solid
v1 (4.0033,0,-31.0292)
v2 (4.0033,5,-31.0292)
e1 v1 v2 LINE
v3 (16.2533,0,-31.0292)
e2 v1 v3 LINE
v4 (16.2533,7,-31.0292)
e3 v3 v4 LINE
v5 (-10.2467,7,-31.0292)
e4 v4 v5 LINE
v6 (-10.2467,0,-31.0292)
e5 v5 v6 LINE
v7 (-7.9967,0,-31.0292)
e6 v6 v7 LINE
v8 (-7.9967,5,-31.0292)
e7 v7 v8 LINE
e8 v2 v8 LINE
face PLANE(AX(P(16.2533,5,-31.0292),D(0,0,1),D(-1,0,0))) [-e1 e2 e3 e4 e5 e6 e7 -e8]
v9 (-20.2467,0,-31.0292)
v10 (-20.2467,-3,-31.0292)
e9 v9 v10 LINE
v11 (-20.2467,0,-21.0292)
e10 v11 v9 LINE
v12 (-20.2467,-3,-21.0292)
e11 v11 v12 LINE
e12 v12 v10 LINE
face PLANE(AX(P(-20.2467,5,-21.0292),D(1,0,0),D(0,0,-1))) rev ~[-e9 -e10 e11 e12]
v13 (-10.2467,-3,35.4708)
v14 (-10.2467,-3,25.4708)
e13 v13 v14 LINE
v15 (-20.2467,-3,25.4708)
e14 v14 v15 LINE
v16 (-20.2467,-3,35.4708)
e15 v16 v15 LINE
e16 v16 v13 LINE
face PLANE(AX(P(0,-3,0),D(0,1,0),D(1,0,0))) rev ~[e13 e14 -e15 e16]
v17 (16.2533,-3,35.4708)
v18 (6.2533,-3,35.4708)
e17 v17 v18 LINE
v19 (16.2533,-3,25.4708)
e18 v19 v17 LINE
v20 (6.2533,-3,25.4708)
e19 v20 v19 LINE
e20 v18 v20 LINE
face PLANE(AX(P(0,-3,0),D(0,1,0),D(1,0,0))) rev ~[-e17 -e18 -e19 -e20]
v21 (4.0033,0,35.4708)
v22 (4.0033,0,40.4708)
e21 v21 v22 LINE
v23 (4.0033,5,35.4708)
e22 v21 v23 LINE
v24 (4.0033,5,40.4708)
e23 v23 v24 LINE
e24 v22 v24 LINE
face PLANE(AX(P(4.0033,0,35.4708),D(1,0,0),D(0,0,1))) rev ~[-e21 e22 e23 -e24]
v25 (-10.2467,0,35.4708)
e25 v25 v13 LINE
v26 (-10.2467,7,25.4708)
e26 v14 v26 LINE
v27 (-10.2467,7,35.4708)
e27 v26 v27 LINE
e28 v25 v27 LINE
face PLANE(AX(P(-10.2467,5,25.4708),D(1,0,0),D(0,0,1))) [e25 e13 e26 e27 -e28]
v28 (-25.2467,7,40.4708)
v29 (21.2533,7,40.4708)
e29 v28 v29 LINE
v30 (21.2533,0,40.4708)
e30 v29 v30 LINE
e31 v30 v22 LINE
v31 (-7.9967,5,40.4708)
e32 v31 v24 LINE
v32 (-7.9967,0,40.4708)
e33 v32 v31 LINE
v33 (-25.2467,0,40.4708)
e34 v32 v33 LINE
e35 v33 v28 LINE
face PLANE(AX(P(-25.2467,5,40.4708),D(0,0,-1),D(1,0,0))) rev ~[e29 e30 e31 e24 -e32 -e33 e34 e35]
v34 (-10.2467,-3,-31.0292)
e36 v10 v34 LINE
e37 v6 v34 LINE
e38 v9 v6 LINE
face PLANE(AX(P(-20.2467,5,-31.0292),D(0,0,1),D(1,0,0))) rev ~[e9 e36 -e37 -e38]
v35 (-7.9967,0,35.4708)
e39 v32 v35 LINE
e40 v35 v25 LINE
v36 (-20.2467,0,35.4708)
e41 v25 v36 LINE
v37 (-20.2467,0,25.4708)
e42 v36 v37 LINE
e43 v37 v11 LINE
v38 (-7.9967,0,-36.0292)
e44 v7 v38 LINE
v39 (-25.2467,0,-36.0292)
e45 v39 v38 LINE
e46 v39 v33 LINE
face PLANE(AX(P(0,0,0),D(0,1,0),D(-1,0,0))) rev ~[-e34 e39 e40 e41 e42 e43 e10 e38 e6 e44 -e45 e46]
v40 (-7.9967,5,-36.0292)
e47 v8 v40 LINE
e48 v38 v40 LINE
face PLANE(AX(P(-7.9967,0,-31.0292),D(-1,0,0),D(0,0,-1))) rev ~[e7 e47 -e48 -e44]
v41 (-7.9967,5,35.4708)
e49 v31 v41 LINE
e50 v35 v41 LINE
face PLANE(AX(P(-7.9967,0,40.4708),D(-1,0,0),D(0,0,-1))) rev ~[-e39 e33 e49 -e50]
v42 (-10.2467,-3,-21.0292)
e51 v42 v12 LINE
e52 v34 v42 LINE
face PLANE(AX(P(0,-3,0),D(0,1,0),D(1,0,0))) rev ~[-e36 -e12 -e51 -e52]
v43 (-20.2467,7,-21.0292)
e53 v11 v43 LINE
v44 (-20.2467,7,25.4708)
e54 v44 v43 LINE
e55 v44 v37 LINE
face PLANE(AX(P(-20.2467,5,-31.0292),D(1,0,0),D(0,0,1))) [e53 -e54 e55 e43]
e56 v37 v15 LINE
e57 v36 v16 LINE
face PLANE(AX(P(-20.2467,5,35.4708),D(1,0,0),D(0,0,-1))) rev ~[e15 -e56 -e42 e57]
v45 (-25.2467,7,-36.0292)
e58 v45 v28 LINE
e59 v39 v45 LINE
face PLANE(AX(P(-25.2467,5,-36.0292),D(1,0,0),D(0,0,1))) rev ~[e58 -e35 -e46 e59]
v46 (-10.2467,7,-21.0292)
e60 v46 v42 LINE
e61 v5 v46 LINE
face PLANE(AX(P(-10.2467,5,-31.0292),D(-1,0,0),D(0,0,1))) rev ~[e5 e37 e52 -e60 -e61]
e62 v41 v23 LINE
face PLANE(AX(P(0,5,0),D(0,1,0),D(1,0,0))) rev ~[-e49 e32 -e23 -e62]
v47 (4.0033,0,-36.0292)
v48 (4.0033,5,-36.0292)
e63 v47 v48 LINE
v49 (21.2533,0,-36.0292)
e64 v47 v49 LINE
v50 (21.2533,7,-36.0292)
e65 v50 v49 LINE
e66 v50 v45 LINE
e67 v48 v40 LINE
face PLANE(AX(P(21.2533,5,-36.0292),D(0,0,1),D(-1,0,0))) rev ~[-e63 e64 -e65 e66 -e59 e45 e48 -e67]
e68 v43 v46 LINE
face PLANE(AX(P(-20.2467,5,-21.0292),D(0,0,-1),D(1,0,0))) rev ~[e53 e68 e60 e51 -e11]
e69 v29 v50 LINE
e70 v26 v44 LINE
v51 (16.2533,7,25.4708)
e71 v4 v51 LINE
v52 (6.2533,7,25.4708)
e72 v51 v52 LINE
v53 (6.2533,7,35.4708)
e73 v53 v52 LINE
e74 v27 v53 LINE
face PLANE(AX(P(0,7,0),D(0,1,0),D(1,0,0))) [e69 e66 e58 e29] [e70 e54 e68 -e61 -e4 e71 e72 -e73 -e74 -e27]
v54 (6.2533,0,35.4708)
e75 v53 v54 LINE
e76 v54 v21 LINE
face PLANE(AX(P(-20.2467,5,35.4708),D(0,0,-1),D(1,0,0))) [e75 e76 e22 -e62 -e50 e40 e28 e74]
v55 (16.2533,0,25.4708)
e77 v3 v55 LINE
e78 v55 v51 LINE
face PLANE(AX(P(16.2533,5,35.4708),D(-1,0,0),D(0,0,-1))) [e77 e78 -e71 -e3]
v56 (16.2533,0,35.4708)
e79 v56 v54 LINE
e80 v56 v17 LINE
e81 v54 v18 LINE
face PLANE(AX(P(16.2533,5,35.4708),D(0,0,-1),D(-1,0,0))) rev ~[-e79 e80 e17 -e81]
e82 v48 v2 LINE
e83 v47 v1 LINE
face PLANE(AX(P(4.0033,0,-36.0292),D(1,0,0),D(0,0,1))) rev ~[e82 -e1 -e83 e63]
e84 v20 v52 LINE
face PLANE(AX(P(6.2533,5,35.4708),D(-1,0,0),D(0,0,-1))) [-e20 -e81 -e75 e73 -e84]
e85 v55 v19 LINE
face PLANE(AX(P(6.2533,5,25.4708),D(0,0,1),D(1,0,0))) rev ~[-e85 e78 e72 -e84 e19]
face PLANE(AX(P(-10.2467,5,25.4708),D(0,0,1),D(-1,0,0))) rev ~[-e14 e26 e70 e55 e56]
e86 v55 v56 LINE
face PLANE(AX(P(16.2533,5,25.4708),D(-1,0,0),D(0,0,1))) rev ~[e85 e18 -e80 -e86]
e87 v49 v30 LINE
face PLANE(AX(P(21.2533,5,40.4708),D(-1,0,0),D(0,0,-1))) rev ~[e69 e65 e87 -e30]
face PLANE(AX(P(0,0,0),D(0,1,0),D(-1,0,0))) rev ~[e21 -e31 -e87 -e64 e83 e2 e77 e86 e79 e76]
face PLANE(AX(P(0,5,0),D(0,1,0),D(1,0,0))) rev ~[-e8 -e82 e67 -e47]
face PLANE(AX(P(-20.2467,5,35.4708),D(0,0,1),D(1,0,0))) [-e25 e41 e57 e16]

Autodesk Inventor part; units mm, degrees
ref_plane "YZ Plane" through (0, 0, 0) normal (1, 0, 0) x (0, 1, 0)
ref_plane "XZ Plane" through (0, 0, 0) normal (0, 1, 0) x (-1, 0, 0)
ref_plane "XY Plane" through (0, 0, 0) normal (0, 0, 1) x (1, 0, 0)
sketch "Sketch1" plane through (0, 0, 0) normal (0, 1, 0) x (-1, 0, 0)
  line L0 (25.2467, -36.0292) -> (-21.2533, -36.0292)
  line L1 (-4.0033, -36.0292) -> (-4.0033, -31.0292)
  line L2 (-21.2533, -36.0292) -> (-4.0033, -36.0292)
  line L3 (-4.0033, -36.0292) -> (-4.0033, -31.0292)
  line L4 (-4.0033, -31.0292) -> (-16.2533, -31.0292)
  line L5 (-4.0033, -31.0292) -> (-16.2533, -31.0292)
  line L6 (-16.2533, -31.0292) -> (-16.2533, 35.4708)
  line L7 (-16.2533, -31.0292) -> (-16.2533, 35.4708)
  line L8 (-16.2533, 35.4708) -> (-4.0033, 35.4708)
  line L9 (-4.0033, 35.4708) -> (-4.0033, 40.4708)
  line L10 (-21.2533, 40.4708) -> (25.2467, 40.4708)
  line L11 (-21.2533, -36.0292) -> (-21.2533, 40.4708)
  line L12 (-21.2533, 40.4708) -> (-4.0033, 40.4708)
  line L13 (-21.2533, 40.4708) -> (-21.2533, -36.0292)
  line L14 (7.9967, -31.0292) -> (7.9967, -36.0292)
  line L15 (7.9967, -36.0292) -> (25.2467, -36.0292)
  line L16 (25.2467, -36.0292) -> (25.2467, 40.4708)
  line L17 (25.2467, -36.0292) -> (25.2467, 40.4708)
  line L18 (25.2467, 40.4708) -> (7.9967, 40.4708)
  line L19 (7.9967, 40.4708) -> (7.9967, 35.4708)
  line L20 (7.9967, 35.4708) -> (7.9967, 40.4708)
  line L21 (20.2467, -31.0292) -> (7.9967, -31.0292)
  line L22 (7.9967, -36.0292) -> (7.9967, -31.0292)
  line L23 (7.9967, -31.0292) -> (20.2467, -31.0292)
  line L24 (20.2467, 35.4708) -> (20.2467, -31.0292)
  line L25 (20.2467, -31.0292) -> (20.2467, 35.4708)
  line L26 (7.9967, 35.4708) -> (20.2467, 35.4708)
  line L27 (20.2467, 35.4708) -> (7.9967, 35.4708)
  point P0 (0, 0)
extrude "Extrusion1" add sketch "Sketch1" along normal blind 5 contours L0 L14 L21 L24 L26 L19 L10 L16 | L0 L11 L10 L9 L8 L6 L4 L1
sketch "Sketch2" plane through (0, 5, 0) normal (0, 1, 0) x (1, 0, 0)
  point P0 (0, 0)
sketch "Sketch3" plane through (0, 5, 0) normal (0, 1, 0) x (1, 0, 0)
  line L0 (-20.2467, -35.4708) -> (-20.2467, 31.0292) projected
  line L1 (-20.2467, -35.4708) -> (-10.2467, -35.4708)
  line L2 (-10.2467, -35.4708) -> (-10.2467, -25.4708)
  line L3 (-10.2467, -25.4708) -> (-20.2467, -25.4708)
  line L4 (-20.2467, -25.4708) -> (-20.2467, -35.4708)
  line L5 (16.2533, 31.0292) -> (16.2533, -35.4708) projected
  line L6 (16.2533, -35.4708) -> (6.2533, -35.4708)
  line L7 (6.2533, -35.4708) -> (6.2533, -25.4708)
  line L8 (6.2533, -25.4708) -> (16.2533, -25.4708)
  line L9 (16.2533, -25.4708) -> (16.2533, -35.4708)
  line L10 (-20.2467, 31.0292) -> (-10.2467, 31.0292)
  line L11 (-10.2467, 31.0292) -> (-10.2467, 21.0292)
  line L12 (-10.2467, 21.0292) -> (-20.2467, 21.0292)
  line L13 (-20.2467, 21.0292) -> (-20.2467, 31.0292)
  point P0 (0, 0)
  dimension "d2" = 10
  dimension "d3" = 10
  dimension "d4" = 10
  dimension "d5" = 10
  dimension "d6" = 10
  dimension "d7" = 10
extrude "Extrusion2" add sketch "Sketch3" against normal blind 8
sketch "Sketch4" plane through (0, 5, 0) normal (0, 1, 0) x (1, 0, 0)
  line L0 (-25.2467, 36.0292) -> (-25.2467, -40.4708) projected
  line L1 (21.2533, -40.4708) -> (21.2533, 36.0292) projected
  line L2 (-25.2467, -40.4708) -> (21.2533, -40.4708)
  line L3 (21.2533, -40.4708) -> (21.2533, 36.0292)
  line L4 (21.2533, 36.0292) -> (-25.2467, 36.0292)
  line L5 (-25.2467, 36.0292) -> (-25.2467, -40.4708)
  line L6 (16.2533, 31.0292) -> (16.2533, -25.4708) projected
  line L7 (-20.2467, -35.4708) -> (-20.2467, -25.4708) projected
  line L8 (16.2533, 31.0292) -> (-20.2467, 31.0292)
  line L9 (-20.2467, 31.0292) -> (-20.2467, -35.4708)
  line L10 (-20.2467, -35.4708) -> (16.2533, -35.4708)
  line L11 (16.2533, -35.4708) -> (16.2533, 31.0292)
  point P0 (0, 0)
extrude "Extrusion3" add sketch "Sketch4" along normal blind 2
sketch "Sketch5" plane through (0, 5, 0) normal (0, 1, 0) x (1, 0, 0)
  line L0 (-10.2467, -25.4708) -> (-10.2467, -35.4708) projected
  line L1 (-20.2467, -35.4708) -> (-20.2467, -25.4708) projected
  line L2 (-10.2467, -25.4708) -> (-20.2467, -25.4708)
  line L3 (-20.2467, -25.4708) -> (-20.2467, -35.4708)
  line L4 (-20.2467, -35.4708) -> (-10.2467, -35.4708)
  line L5 (-10.2467, -35.4708) -> (-10.2467, -25.4708)
  line L6 (-20.2467, 21.0292) -> (-10.2467, 21.0292) projected
  line L7 (-20.2467, 31.0292) -> (16.2533, 31.0292) projected
  line L8 (-10.2467, 21.0292) -> (-20.2467, 21.0292)
  line L9 (-20.2467, 21.0292) -> (-20.2467, 31.0292)
  line L10 (-20.2467, 31.0292) -> (-10.2467, 31.0292)
  line L11 (-10.2467, 31.0292) -> (-10.2467, 21.0292)
  line L12 (16.2533, -25.4708) -> (6.2533, -25.4708) projected
  line L13 (16.2533, -25.4708) -> (16.2533, -35.4708) projected
  line L14 (6.2533, -25.4708) -> (16.2533, -25.4708)
  line L15 (16.2533, -25.4708) -> (16.2533, -35.4708)
  line L16 (16.2533, -35.4708) -> (6.2533, -35.4708)
  line L17 (6.2533, -35.4708) -> (6.2533, -25.4708)
  point P0 (0, 0)
extrude "Extrusion4" add sketch "Sketch5" along normal blind 2
properties part number "voltage buckboost cover top"
